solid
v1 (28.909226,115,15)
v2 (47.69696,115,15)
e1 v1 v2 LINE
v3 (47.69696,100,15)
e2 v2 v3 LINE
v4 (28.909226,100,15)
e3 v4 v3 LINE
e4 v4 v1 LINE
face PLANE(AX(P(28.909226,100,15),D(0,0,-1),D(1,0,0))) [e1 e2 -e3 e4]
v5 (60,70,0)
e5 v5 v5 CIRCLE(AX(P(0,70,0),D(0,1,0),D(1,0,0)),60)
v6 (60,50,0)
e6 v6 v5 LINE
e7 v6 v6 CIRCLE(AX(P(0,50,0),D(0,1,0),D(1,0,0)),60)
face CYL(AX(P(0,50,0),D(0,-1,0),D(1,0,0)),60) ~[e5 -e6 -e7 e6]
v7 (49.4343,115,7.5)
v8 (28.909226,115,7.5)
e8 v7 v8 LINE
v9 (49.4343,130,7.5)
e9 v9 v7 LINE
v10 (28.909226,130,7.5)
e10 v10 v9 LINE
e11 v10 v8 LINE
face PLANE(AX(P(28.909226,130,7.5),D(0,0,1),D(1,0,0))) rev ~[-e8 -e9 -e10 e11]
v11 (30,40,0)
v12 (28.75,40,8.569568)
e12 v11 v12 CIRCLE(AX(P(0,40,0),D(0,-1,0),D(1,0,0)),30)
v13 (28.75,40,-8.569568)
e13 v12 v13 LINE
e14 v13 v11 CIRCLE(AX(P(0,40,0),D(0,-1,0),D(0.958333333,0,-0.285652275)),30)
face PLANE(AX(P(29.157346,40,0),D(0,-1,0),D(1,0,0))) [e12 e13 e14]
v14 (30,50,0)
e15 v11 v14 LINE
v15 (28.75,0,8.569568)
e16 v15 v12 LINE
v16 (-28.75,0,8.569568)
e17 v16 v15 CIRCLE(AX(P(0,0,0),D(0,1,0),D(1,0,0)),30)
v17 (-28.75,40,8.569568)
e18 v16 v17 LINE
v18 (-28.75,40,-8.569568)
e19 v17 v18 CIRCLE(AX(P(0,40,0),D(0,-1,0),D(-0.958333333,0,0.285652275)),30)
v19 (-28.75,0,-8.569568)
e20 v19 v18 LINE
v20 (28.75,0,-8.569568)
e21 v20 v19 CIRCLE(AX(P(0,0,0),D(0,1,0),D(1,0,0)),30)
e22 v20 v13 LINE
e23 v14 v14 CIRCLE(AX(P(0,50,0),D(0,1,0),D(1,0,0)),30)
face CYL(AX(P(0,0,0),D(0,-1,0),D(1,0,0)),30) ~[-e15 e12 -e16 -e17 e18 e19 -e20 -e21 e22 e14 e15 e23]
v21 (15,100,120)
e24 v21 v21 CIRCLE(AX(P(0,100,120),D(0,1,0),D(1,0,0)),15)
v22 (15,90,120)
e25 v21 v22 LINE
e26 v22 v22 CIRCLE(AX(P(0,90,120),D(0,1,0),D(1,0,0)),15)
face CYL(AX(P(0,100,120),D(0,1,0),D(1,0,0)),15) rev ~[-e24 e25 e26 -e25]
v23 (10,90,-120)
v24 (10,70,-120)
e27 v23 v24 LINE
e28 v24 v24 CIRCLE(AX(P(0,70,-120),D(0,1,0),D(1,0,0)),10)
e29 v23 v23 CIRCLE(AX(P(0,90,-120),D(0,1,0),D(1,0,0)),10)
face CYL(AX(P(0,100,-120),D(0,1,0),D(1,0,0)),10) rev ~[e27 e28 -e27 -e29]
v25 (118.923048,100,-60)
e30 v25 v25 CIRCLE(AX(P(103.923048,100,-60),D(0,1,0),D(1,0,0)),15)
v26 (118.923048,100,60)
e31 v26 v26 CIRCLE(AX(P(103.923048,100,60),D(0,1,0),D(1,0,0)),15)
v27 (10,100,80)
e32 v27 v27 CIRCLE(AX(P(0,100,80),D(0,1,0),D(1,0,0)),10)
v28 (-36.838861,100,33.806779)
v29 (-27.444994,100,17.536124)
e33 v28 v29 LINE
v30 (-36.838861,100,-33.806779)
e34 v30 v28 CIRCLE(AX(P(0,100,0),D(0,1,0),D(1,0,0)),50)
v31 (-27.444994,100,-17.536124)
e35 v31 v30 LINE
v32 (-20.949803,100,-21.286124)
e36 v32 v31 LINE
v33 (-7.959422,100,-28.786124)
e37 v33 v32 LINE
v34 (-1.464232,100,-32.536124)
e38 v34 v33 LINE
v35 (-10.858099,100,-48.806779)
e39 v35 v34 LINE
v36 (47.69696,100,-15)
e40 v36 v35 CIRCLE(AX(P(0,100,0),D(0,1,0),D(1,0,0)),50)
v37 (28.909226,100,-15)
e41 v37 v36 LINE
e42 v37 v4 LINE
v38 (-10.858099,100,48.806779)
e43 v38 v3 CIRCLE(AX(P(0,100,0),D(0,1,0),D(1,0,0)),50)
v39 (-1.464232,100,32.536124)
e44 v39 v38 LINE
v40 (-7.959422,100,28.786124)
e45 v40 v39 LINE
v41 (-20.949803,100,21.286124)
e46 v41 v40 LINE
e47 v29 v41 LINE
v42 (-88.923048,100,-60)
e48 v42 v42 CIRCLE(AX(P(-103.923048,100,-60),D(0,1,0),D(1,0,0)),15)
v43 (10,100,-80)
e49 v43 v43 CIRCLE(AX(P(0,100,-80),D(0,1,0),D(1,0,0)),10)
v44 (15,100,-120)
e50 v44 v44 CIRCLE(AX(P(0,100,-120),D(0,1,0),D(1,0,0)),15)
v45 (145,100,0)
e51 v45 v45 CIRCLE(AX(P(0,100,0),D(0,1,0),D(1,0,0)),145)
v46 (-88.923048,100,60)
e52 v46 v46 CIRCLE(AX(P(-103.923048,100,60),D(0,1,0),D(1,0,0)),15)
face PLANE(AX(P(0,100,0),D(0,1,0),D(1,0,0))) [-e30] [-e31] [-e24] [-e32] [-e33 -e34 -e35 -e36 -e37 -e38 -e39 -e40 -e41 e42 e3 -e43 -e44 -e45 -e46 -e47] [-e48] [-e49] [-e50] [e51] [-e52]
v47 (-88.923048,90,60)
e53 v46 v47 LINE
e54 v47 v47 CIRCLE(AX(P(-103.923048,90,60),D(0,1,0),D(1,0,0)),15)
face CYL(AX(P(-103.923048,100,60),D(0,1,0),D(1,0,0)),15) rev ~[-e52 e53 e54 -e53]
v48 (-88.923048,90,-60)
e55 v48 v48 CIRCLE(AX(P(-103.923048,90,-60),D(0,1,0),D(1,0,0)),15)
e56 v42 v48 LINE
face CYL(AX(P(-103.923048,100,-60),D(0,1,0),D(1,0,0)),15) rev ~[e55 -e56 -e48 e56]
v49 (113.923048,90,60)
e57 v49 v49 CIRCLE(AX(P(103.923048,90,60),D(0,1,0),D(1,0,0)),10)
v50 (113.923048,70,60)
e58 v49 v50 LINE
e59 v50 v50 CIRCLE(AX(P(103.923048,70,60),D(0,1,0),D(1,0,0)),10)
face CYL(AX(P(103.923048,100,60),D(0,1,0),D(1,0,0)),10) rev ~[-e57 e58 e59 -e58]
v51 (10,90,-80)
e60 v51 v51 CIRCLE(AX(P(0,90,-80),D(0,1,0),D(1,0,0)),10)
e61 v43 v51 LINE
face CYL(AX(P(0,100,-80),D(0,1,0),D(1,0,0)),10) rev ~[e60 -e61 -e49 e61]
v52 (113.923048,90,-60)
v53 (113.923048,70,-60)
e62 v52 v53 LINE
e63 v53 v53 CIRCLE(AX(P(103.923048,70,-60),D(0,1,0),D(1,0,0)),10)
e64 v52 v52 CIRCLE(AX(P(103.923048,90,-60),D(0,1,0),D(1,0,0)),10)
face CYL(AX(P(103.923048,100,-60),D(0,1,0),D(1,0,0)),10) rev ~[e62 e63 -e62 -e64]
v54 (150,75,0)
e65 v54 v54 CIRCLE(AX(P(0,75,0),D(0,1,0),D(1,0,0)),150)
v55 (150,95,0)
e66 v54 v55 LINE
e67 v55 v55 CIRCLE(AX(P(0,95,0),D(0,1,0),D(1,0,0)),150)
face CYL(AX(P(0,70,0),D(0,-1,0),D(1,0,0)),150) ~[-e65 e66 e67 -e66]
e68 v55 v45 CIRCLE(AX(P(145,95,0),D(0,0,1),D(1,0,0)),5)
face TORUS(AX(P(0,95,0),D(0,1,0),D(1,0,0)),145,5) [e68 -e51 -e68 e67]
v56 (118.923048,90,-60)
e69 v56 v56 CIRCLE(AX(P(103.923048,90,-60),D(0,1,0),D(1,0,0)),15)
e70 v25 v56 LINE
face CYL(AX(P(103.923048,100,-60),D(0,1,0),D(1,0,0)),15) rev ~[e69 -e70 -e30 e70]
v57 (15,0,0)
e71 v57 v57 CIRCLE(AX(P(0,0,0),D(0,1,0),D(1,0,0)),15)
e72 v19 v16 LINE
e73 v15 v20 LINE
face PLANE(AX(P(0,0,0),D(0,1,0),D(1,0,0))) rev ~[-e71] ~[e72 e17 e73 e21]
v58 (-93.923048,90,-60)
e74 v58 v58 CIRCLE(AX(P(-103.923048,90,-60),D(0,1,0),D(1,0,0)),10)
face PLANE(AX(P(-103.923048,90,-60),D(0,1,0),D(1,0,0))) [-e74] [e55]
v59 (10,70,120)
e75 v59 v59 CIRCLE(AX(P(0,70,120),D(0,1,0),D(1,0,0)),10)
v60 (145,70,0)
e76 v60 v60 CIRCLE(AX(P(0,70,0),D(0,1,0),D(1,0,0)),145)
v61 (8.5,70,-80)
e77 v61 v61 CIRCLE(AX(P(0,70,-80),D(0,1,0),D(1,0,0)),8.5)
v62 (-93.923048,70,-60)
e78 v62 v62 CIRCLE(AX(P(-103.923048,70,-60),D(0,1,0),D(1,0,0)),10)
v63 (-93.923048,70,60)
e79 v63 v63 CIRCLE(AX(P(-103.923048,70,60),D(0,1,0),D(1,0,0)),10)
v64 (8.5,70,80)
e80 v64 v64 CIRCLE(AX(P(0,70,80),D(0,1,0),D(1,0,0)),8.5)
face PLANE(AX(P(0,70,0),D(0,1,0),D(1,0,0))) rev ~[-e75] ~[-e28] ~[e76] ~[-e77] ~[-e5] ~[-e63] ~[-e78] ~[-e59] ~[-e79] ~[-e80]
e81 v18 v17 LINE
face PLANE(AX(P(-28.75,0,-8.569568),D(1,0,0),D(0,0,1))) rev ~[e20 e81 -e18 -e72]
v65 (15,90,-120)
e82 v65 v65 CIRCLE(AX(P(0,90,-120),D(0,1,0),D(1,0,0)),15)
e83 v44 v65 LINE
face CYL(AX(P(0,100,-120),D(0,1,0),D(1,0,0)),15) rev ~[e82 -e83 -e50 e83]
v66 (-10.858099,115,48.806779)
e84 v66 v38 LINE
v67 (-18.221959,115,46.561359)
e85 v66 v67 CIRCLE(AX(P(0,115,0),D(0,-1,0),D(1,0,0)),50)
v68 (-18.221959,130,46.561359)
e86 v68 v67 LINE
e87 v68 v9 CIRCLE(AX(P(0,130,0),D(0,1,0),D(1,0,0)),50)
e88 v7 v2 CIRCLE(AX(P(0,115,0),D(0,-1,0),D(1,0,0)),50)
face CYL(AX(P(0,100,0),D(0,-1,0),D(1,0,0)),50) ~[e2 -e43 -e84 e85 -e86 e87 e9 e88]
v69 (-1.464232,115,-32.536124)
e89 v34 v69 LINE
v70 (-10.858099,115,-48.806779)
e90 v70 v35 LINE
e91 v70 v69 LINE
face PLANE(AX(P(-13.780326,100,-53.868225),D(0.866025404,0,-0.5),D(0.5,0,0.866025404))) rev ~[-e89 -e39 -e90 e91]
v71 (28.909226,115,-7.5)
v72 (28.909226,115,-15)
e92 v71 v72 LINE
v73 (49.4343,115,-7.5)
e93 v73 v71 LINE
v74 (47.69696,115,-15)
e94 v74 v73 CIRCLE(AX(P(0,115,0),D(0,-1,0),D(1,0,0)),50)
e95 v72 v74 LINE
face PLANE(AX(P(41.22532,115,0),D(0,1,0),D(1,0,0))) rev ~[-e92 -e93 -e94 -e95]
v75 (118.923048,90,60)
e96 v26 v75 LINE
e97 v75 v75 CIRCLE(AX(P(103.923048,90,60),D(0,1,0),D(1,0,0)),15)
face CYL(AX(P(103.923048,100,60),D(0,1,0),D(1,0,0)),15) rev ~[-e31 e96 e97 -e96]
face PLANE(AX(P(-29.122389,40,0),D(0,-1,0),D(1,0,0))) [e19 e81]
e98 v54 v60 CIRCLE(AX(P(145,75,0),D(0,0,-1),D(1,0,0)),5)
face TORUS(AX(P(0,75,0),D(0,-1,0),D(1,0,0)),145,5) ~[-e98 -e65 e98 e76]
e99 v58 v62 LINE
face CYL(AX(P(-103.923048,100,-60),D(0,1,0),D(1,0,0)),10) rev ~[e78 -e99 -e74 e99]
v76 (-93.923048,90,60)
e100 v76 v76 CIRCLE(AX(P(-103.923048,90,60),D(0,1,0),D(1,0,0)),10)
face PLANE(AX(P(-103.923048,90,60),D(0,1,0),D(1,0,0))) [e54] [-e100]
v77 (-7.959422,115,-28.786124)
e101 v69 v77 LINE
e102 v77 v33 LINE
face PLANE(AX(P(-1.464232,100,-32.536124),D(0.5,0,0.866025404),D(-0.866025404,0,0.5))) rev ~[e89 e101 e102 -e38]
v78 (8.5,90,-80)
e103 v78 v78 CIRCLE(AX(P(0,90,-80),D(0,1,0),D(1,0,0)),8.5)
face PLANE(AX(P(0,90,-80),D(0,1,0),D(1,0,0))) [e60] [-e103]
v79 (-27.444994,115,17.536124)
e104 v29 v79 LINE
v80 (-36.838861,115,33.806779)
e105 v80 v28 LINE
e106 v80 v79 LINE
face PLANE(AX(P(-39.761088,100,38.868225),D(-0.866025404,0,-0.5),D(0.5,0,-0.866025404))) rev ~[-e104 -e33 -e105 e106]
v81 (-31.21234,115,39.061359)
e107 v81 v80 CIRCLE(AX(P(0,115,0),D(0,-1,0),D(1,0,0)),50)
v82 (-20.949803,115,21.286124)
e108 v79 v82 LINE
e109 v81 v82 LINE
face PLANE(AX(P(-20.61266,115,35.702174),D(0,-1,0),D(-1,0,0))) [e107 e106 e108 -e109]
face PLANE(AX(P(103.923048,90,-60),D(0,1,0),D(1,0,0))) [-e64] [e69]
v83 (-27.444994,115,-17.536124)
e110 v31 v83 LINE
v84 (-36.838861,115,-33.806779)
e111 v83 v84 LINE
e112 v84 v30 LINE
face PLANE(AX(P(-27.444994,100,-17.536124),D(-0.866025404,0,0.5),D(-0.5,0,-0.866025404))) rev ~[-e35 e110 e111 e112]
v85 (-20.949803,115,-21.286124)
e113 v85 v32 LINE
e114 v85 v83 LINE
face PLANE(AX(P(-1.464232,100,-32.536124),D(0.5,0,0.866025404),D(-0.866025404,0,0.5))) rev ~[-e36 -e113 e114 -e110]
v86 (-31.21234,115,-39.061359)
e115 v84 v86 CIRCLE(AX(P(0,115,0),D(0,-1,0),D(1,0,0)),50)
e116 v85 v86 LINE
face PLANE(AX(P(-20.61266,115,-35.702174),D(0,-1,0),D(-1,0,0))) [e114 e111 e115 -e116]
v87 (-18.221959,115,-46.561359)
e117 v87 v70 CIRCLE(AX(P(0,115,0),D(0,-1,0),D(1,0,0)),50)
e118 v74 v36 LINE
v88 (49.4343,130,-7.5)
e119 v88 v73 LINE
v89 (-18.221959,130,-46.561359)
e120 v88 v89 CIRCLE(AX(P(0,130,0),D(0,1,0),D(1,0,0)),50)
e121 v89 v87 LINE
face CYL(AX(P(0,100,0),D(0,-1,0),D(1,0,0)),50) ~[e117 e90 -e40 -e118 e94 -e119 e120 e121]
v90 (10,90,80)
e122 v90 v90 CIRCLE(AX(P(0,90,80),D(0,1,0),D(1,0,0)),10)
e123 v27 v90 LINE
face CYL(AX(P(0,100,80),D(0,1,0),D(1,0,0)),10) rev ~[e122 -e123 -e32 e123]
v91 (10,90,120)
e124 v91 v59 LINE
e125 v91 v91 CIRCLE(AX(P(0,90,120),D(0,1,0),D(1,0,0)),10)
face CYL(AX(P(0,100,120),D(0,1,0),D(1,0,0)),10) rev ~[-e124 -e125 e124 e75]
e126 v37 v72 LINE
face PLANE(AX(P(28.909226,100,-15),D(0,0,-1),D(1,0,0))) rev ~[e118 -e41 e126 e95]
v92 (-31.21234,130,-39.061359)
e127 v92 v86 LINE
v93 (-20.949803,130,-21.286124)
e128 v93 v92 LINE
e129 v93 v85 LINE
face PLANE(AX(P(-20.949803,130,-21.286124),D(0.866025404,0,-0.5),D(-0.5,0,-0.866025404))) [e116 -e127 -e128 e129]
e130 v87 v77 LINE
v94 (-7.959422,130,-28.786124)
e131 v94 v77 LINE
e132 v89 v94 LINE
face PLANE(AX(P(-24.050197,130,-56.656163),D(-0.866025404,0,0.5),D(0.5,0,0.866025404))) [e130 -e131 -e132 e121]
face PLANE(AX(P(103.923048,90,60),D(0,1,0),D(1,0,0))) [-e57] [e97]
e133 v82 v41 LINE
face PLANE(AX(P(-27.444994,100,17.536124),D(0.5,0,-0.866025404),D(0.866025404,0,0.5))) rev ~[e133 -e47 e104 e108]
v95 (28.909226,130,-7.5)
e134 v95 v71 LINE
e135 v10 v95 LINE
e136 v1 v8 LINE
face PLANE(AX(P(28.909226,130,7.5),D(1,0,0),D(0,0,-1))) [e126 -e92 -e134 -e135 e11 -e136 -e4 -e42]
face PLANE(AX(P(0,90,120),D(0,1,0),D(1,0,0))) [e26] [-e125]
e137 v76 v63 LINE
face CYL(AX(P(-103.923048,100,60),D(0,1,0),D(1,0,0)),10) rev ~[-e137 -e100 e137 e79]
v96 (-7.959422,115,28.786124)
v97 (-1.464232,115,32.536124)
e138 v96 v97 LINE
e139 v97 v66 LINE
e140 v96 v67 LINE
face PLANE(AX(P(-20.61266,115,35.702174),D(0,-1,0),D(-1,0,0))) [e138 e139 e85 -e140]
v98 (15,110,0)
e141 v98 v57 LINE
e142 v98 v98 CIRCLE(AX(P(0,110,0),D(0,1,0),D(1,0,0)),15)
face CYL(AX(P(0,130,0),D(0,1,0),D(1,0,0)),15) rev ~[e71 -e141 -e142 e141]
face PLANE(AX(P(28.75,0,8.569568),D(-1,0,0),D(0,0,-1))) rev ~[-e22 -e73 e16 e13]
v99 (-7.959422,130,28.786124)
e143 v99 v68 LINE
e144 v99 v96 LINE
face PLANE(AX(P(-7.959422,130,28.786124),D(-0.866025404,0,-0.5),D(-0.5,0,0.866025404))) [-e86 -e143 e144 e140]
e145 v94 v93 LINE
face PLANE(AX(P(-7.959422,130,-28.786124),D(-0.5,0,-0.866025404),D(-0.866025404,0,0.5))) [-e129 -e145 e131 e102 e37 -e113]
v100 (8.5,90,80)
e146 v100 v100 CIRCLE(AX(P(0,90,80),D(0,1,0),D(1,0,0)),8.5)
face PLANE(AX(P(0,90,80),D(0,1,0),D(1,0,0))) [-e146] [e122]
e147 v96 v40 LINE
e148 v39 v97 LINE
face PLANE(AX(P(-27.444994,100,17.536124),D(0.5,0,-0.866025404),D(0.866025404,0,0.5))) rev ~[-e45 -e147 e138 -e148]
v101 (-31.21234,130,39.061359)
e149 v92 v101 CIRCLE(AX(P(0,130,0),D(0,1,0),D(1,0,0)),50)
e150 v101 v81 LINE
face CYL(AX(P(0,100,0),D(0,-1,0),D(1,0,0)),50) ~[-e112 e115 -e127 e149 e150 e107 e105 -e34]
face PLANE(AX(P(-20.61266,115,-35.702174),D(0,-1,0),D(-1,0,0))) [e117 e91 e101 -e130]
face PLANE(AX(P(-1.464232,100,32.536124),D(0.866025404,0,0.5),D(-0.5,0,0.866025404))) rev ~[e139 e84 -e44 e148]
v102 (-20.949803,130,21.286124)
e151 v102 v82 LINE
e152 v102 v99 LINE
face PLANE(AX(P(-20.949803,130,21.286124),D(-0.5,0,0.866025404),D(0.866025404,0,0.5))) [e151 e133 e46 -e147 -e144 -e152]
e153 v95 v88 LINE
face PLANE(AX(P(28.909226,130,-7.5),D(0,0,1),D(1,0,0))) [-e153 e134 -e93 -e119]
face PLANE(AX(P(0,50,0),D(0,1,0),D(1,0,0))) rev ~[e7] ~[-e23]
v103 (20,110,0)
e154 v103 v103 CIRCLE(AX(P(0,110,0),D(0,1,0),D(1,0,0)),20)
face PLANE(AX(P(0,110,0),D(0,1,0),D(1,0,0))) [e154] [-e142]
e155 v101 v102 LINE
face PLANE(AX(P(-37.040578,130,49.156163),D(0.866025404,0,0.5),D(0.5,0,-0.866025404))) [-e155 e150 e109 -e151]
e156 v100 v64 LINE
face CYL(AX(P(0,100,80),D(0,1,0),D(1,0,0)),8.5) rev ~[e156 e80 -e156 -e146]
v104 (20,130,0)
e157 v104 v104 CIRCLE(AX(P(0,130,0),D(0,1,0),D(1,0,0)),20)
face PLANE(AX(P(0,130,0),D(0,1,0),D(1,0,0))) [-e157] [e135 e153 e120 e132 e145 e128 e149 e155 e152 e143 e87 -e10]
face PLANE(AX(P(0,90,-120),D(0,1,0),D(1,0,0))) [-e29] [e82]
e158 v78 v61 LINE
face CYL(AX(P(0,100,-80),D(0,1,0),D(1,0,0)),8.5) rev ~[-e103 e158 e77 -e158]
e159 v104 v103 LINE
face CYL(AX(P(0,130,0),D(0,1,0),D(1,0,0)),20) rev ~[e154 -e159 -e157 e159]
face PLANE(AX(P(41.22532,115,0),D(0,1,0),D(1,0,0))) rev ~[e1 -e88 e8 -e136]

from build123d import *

# Parameters (mm, degrees)
SKETCH1_R           = 30
BOSS_EXTRUDE1_DEPTH = 50
SKETCH2_R           = 60
BOSS_EXTRUDE2_DEPTH = 20
SKETCH3_R           = 150
BOSS_EXTRUDE3_DEPTH = 30
SKETCH4_R           = 50
BOSS_EXTRUDE4_DEPTH = 30
SKETCH5_R           = 15
CUT_EXTRUDE1_DEPTH  = 131
SKETCH6_R           = 20
CUT_EXTRUDE2_DEPTH  = 20
SKETCH7_R           = 10
SKETCH7_R_2         = 15
CUT_EXTRUDE3_DEPTH  = 10
SKETCH7_3_R         = 10
CUT_EXTRUDE4_DEPTH  = 101
SKETCH8_R           = 8.5
CUT_EXTRUDE6_DEPTH  = 101
SKETCH8_3_R         = 10
SKETCH8_3_R_2       = 8.5
CUT_EXTRUDE7_DEPTH  = 10
SKETCH10_W          = 32.181548772
SKETCH10_H          = 15
CUT_EXTRUDE8_DEPTH  = 30
SKETCH11_W          = 24.632188436
SKETCH11_H          = 30
CUT_EXTRUDE9_DEPTH  = 15
CUT_EXTRUDE10_DEPTH = 40
FILLET1_R           = 5


with BuildPart() as part:
    # Sketch1 → Boss-Extrude1 (new body)
    with BuildSketch(Plane(origin=(0, 0, 0), x_dir=(1, 0, 0), z_dir=(0, 1, 0))):
        Circle(SKETCH1_R)
    extrude(amount=BOSS_EXTRUDE1_DEPTH)

    # Sketch2 → Boss-Extrude2 (add)
    with BuildSketch(Plane(origin=(0, 50, 0), x_dir=(1, 0, 0), z_dir=(0, 1, 0))):
        Circle(SKETCH2_R)
    extrude(amount=BOSS_EXTRUDE2_DEPTH)

    # Sketch3 → Boss-Extrude3 (add)
    with BuildSketch(Plane(origin=(0, 70, 0), x_dir=(1, 0, 0), z_dir=(0, 1, 0))):
        Circle(SKETCH3_R)
    extrude(amount=BOSS_EXTRUDE3_DEPTH)

    # Sketch4 → Boss-Extrude4 (add)
    with BuildSketch(Plane(origin=(0, 100, 0), x_dir=(1, 0, 0), z_dir=(0, 1, 0))):
        Circle(SKETCH4_R)
    extrude(amount=BOSS_EXTRUDE4_DEPTH)

    # Sketch5 → Cut-Extrude1 (cut, through all)
    with BuildSketch(Plane(origin=(0, 130, 0), x_dir=(1, 0, 0), z_dir=(0, 1, 0))):
        Circle(SKETCH5_R)
    extrude(amount=-CUT_EXTRUDE1_DEPTH, mode=Mode.SUBTRACT)

    # Sketch6 → Cut-Extrude2 (cut)
    with BuildSketch(Plane(origin=(0, 130, 0), x_dir=(1, 0, 0), z_dir=(0, 1, 0))):
        Circle(SKETCH6_R)
    extrude(amount=-CUT_EXTRUDE2_DEPTH, mode=Mode.SUBTRACT)

    # Sketch7 → Cut-Extrude3 (cut)
    with BuildSketch(Plane(origin=(0, 100, 0), x_dir=(1, 0, 0), z_dir=(0, 1, 0))):
        with Locations((-103.923048454, -60)):
            Circle(SKETCH7_R)
        with Locations((-103.923048454, -60)):
            Circle(SKETCH7_R_2)
        with Locations((-103.923048454, -60)):
            Circle(SKETCH7_R, mode=Mode.SUBTRACT)
        with Locations((-103.923048454, 60)):
            Circle(SKETCH7_R)
        with Locations((-103.923048454, 60)):
            Circle(SKETCH7_R_2)
        with Locations((-103.923048454, 60)):
            Circle(SKETCH7_R, mode=Mode.SUBTRACT)
        with Locations((0, 120)):
            Circle(SKETCH7_R)
        with Locations((0, 120)):
            Circle(SKETCH7_R_2)
        with Locations((0, 120)):
            Circle(SKETCH7_R, mode=Mode.SUBTRACT)
        with Locations((103.923048454, 60)):
            Circle(SKETCH7_R_2)
        with Locations((103.923048454, 60)):
            Circle(SKETCH7_R, mode=Mode.SUBTRACT)
        with Locations((103.923048454, 60)):
            Circle(SKETCH7_R)
        with Locations((103.923048454, -60)):
            Circle(SKETCH7_R_2)
        with Locations((103.923048454, -60)):
            Circle(SKETCH7_R, mode=Mode.SUBTRACT)
        with Locations((103.923048454, -60)):
            Circle(SKETCH7_R)
        with Locations((0, -120)):
            Circle(SKETCH7_R_2)
        with Locations((0, -120)):
            Circle(SKETCH7_R, mode=Mode.SUBTRACT)
        with Locations((0, -120)):
            Circle(SKETCH7_R)
    extrude(amount=-CUT_EXTRUDE3_DEPTH, mode=Mode.SUBTRACT)

    # Sketch7<3> → Cut-Extrude4 (cut, through all)
    with BuildSketch(Plane(origin=(0, 100, 0), x_dir=(1, 0, 0), z_dir=(0, 1, 0))):
        with Locations((-103.923048454, -60)):
            Circle(SKETCH7_3_R)
        with Locations((-103.923048454, 60)):
            Circle(SKETCH7_3_R)
        with Locations((0, 120)):
            Circle(SKETCH7_3_R)
        with Locations((103.923048454, 60)):
            Circle(SKETCH7_3_R)
        with Locations((103.923048454, -60)):
            Circle(SKETCH7_3_R)
        with Locations((0, -120)):
            Circle(SKETCH7_3_R)
    extrude(amount=-CUT_EXTRUDE4_DEPTH, mode=Mode.SUBTRACT)

    # Sketch8 → Cut-Extrude6 (cut, through all)
    with BuildSketch(Plane(origin=(0, 100, 0), x_dir=(1, 0, 0), z_dir=(0, 1, 0))):
        with Locations((0, -80)):
            Circle(SKETCH8_R)
        with Locations((0, 80)):
            Circle(SKETCH8_R)
    extrude(amount=-CUT_EXTRUDE6_DEPTH, mode=Mode.SUBTRACT)

    # Sketch8<3> → Cut-Extrude7 (cut)
    with BuildSketch(Plane(origin=(0, 100, 0), x_dir=(1, 0, 0), z_dir=(0, 1, 0))):
        with Locations((0, -80)):
            Circle(SKETCH8_3_R)
        with Locations((0, -80)):
            Circle(SKETCH8_3_R_2, mode=Mode.SUBTRACT)
        with Locations((0, 80)):
            Circle(SKETCH8_3_R)
        with Locations((0, 80)):
            Circle(SKETCH8_3_R_2, mode=Mode.SUBTRACT)
    extrude(amount=-CUT_EXTRUDE7_DEPTH, mode=Mode.SUBTRACT)

    # Sketch10 → Cut-Extrude8 (cut)
    with BuildSketch(Plane(origin=(0, 130, 0), x_dir=(1, 0, 0), z_dir=(0, 1, 0))):
        Polygon((-20.949803335, -21.286123785), (-7.959422279, -28.786123785), (-24.050196665, -56.656162555), (-37.040577721, -49.156162555), align=None)
        with Locations((45, 0)):
            Rectangle(SKETCH10_W, SKETCH10_H)
        Polygon((-7.959422279, 28.786123785), (-20.949803335, 21.286123785), (-37.040577721, 49.156162555), (-24.050196665, 56.656162555), align=None)
    extrude(amount=-CUT_EXTRUDE8_DEPTH, mode=Mode.SUBTRACT)

    # Sketch11 → Cut-Extrude9 (cut)
    with BuildSketch(Plane(origin=(0, 100, 0), x_dir=(1, 0, 0), z_dir=(0, 1, 0))):
        with Locations((41.225319832, 0)):
            Rectangle(SKETCH11_W, SKETCH11_H)
        Polygon((-27.444993864, -17.536123785), (-1.46423175, -32.536123785), (-13.780325968, -53.868224722), (-39.761088082, -38.868224722), align=None)
        Polygon((-1.46423175, 32.536123785), (-27.444993864, 17.536123785), (-39.761088082, 38.868224722), (-13.780325968, 53.868224722), align=None)
    extrude(amount=CUT_EXTRUDE9_DEPTH, mode=Mode.SUBTRACT)

    # Sketch12 → Cut-Extrude10 (cut)
    with BuildSketch(Plane.XZ):
        with BuildLine():
            Line((-28.75, -8.569568251), (-28.75, 8.569568251))
            ThreePointArc((-28.75, 8.569568251), (-30, 0), (-28.75, -8.569568251))
        make_face()
        with BuildLine():
            ThreePointArc((30, 0), (29.685855218, 4.330127019), (28.75, 8.569568251))
            Line((28.75, 8.569568251), (28.75, -8.569568251))
            ThreePointArc((28.75, -8.569568251), (29.685855218, -4.330127019), (30, 0))
        make_face()
    extrude(amount=-CUT_EXTRUDE10_DEPTH, mode=Mode.SUBTRACT)

    # Fillet1
    fillet1_edges = [part.edges().sort_by_distance(p)[0] for p in [
        (-150, 70, 0),
        (-150, 100, 0),
    ]]
    fillet(fillet1_edges, radius=FILLET1_R)


solid = part.part
